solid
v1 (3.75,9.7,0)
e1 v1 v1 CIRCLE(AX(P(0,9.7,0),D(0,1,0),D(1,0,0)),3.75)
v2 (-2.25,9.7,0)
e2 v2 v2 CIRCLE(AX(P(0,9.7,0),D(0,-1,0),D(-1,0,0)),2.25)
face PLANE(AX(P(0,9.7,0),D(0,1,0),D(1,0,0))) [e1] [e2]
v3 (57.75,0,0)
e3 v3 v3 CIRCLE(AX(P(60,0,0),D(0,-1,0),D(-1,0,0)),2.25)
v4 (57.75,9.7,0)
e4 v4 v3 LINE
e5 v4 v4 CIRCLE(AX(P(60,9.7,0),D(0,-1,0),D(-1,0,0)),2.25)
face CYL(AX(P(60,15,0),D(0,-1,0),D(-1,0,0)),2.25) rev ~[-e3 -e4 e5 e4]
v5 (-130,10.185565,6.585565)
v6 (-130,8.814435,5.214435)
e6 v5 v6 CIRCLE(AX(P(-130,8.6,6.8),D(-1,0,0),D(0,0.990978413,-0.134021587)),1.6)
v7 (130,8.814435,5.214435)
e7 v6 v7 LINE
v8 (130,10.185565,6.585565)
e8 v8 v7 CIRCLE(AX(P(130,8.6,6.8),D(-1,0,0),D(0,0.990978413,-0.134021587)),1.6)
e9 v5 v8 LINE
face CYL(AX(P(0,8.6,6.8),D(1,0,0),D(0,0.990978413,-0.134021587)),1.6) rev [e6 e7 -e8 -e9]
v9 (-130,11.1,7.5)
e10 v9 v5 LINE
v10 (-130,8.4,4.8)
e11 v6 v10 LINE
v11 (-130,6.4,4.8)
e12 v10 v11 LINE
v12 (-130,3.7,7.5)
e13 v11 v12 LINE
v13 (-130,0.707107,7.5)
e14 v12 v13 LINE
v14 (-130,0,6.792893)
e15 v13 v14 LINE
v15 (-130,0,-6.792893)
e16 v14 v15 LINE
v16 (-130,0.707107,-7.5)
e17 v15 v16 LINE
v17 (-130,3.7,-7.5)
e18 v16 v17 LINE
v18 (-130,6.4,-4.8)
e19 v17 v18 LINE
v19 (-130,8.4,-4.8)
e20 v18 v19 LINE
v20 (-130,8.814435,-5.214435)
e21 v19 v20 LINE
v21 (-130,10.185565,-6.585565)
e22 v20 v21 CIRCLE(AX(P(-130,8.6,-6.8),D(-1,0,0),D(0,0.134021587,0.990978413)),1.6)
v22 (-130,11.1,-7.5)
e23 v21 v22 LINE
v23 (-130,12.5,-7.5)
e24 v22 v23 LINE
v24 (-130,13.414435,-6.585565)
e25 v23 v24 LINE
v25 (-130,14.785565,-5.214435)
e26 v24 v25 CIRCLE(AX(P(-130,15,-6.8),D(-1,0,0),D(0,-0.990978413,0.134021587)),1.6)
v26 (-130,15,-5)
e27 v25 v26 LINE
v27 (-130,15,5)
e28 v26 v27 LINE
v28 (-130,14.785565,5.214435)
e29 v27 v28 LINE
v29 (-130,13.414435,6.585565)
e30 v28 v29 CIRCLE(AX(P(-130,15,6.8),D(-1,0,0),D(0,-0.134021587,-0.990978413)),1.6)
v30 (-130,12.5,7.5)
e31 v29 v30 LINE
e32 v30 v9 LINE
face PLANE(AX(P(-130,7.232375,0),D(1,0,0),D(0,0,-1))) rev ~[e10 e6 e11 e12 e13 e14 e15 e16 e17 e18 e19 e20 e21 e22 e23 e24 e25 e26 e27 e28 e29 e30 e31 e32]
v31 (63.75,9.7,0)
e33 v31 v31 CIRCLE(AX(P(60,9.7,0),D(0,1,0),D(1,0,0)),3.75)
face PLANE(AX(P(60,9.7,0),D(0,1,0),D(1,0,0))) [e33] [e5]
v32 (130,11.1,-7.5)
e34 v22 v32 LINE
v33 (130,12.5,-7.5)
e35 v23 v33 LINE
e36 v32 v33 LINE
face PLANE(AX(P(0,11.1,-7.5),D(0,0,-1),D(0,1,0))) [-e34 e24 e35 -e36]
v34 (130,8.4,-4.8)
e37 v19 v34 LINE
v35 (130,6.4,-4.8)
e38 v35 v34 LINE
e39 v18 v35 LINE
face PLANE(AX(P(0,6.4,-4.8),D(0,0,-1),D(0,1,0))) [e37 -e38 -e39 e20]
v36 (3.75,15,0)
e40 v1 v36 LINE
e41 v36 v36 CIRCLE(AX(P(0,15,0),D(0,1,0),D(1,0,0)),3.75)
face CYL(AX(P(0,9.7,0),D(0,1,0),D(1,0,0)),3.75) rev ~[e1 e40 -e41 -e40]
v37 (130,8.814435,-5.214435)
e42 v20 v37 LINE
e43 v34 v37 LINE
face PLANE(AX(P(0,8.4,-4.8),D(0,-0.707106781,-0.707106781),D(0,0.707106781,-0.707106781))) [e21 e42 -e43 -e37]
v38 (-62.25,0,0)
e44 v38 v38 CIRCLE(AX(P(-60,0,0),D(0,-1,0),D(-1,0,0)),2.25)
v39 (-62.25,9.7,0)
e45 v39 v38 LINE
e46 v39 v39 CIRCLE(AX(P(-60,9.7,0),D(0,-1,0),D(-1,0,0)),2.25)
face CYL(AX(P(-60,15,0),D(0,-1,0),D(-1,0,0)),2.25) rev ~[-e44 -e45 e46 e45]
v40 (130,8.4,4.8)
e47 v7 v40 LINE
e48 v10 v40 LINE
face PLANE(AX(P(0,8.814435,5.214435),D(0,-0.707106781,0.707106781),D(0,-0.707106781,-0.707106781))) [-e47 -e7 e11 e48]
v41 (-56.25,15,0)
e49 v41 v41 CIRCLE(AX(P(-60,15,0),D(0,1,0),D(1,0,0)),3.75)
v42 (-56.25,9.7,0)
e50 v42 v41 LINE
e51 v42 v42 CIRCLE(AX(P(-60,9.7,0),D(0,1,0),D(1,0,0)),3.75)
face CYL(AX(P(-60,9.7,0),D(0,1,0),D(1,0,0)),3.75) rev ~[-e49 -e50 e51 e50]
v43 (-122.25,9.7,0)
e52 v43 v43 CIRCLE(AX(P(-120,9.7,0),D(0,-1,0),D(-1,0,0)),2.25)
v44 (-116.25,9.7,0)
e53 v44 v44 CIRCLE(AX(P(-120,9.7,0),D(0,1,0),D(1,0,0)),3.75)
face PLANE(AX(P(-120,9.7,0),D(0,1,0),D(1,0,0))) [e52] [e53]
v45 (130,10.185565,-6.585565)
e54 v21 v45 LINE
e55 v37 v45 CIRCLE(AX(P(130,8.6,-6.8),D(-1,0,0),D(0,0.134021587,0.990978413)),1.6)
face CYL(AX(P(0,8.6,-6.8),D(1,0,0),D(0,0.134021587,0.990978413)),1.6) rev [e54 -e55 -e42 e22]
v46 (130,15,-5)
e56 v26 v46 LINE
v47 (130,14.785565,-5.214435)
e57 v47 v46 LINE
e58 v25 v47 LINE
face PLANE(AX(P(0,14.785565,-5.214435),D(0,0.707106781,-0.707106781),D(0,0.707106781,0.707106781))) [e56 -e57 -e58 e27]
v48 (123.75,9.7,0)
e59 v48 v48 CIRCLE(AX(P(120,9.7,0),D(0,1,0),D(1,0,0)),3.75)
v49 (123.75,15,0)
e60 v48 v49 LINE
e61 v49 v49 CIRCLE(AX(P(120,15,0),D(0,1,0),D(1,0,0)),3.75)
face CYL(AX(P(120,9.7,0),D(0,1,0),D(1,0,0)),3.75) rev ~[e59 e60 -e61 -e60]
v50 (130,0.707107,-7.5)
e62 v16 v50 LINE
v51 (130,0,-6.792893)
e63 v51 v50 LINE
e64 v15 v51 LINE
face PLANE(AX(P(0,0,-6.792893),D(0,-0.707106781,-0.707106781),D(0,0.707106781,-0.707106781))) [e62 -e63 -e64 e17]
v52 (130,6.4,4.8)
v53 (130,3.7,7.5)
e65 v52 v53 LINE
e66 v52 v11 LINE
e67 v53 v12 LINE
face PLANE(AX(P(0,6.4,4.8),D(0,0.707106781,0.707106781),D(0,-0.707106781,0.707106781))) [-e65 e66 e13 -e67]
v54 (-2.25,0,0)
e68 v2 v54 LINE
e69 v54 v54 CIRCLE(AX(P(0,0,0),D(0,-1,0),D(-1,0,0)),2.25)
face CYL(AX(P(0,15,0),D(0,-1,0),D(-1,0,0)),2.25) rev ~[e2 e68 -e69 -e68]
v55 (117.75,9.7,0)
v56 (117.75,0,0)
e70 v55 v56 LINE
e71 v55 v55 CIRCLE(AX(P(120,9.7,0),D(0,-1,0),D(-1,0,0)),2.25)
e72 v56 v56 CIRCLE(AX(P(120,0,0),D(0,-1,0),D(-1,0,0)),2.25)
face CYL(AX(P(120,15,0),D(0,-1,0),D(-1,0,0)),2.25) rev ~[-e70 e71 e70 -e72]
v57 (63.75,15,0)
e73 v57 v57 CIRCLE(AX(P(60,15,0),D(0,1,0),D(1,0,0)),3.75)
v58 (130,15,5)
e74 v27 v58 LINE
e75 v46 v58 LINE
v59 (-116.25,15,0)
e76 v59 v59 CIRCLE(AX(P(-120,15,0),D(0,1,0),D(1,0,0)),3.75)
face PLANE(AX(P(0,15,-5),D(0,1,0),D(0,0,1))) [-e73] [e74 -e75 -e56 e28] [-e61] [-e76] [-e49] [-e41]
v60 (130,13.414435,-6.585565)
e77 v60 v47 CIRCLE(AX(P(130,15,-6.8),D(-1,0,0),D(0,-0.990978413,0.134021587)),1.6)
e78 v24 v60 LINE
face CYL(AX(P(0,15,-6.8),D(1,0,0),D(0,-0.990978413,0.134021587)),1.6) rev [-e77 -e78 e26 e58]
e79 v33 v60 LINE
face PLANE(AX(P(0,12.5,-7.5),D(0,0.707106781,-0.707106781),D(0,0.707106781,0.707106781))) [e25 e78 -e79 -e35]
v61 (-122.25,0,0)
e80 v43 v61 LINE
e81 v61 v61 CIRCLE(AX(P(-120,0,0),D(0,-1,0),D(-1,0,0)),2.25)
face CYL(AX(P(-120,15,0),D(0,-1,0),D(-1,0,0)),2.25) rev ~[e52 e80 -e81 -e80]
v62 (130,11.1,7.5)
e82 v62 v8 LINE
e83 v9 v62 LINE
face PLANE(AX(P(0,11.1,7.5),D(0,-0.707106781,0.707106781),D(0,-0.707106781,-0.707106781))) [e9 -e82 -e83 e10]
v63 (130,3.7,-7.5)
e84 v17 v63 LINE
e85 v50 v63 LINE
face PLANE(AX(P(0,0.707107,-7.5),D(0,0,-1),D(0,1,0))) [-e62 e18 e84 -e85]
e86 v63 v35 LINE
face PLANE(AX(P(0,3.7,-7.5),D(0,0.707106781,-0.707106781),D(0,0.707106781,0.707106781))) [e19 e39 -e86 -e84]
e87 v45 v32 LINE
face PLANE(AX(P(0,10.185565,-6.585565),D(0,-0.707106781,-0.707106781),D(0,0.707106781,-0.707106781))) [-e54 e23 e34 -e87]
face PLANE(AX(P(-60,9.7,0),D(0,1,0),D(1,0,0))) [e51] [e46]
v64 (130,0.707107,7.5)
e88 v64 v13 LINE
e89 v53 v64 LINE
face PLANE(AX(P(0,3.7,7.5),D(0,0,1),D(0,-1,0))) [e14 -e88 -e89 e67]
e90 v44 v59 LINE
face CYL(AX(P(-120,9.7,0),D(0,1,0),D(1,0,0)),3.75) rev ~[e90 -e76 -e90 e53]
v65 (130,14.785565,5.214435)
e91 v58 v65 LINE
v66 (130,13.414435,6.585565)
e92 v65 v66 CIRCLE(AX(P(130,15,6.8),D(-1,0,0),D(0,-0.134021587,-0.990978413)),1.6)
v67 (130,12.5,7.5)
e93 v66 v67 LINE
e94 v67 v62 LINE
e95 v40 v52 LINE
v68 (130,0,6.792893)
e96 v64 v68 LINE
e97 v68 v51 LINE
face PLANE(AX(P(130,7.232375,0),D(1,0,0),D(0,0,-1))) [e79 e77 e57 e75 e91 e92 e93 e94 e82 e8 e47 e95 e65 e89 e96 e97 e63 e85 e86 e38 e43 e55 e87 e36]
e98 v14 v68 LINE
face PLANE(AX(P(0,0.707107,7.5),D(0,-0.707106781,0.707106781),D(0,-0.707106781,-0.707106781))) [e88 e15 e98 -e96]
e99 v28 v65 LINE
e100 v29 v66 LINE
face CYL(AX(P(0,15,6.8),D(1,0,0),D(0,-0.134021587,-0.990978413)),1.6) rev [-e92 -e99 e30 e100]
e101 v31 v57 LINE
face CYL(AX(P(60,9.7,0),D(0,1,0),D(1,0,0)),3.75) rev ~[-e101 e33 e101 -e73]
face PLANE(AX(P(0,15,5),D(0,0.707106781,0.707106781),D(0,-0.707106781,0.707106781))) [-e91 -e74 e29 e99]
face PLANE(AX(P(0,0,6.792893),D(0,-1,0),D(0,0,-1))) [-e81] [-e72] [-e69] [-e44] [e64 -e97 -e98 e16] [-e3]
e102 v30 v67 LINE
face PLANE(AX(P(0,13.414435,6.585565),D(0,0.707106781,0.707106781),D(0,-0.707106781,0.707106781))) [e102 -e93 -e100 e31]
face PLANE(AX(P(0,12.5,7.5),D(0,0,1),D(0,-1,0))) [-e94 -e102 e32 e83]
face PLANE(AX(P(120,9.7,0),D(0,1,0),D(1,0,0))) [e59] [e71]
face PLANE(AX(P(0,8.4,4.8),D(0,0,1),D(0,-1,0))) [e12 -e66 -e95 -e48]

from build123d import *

# Parameters (mm, degrees)
EXTRUDE_1_DEPTH                  = 130
HOLE_WIZARD_M4_78051_D           = 4.5
HOLE_WIZARD_M4_78051_CBORE_D     = 7.5
HOLE_WIZARD_M4_78051_CBORE_DEPTH = 5.3
PATTERN_LINEAR_1_COUNT           = 3
PATTERN_LINEAR_1_PITCH           = 60
PATTERN_LINEAR_2_COUNT           = 3
PATTERN_LINEAR_2_PITCH           = 60


with BuildPart() as part:
    # Эскиз1 → Бобышка-Вытянуть1 (new, symmetric)
    with BuildSketch(Plane(origin=(0, 0, 0), x_dir=(0, 0, -1), z_dir=(1, 0, 0))):
        with BuildLine():
            Line((-7.5, 0.707106781), (-6.792893219, 0))
            Line((-6.792893219, 0), (6.792893219, 0))
            Line((6.792893219, 0), (7.5, 0.707106781))
            Line((7.5, 0.707106781), (7.5, 3.7))
            Line((7.5, 3.7), (4.8, 6.4))
            Line((4.8, 6.4), (4.8, 8.4))
            Line((4.8, 8.4), (5.21443454, 8.81443454))
            ThreePointArc((5.21443454, 8.81443454), (5.66862915, 9.73137085), (6.58556546, 10.18556546))
            Line((6.58556546, 10.18556546), (7.5, 11.1))
            Line((7.5, 11.1), (7.5, 12.5))
            Line((7.5, 12.5), (6.58556546, 13.41443454))
            ThreePointArc((6.58556546, 13.41443454), (5.66862915, 13.86862915), (5.21443454, 14.78556546))
            Line((5.21443454, 14.78556546), (5, 15))
            Line((5, 15), (-5, 15))
            Line((-5, 15), (-5.21443454, 14.78556546))
            ThreePointArc((-5.21443454, 14.78556546), (-5.66862915, 13.86862915), (-6.58556546, 13.41443454))
            Line((-6.58556546, 13.41443454), (-7.5, 12.5))
            Line((-7.5, 12.5), (-7.5, 11.1))
            Line((-7.5, 11.1), (-6.58556546, 10.18556546))
            ThreePointArc((-6.58556546, 10.18556546), (-5.66862915, 9.73137085), (-5.21443454, 8.81443454))
            Line((-5.21443454, 8.81443454), (-4.8, 8.4))
            Line((-4.8, 8.4), (-4.8, 6.4))
            Line((-4.8, 6.4), (-7.5, 3.7))
            Line((-7.5, 3.7), (-7.5, 0.707106781))
        make_face()
    extrude(amount=EXTRUDE_1_DEPTH, both=True)

    # Цековка M4 для болта с шестигранной головкой класса А ГОСТ 78051 (through all)
    with Locations(Plane(origin=(0, 15, 0), x_dir=(1, 0, 0), z_dir=(0, 1, 0))):
        with Locations((0, 0)):
            hole_wizard_m4_78051 = CounterBoreHole(HOLE_WIZARD_M4_78051_D / 2, HOLE_WIZARD_M4_78051_CBORE_D / 2, HOLE_WIZARD_M4_78051_CBORE_DEPTH)

    # Линейный массив1: Цековка M4 для болта с шестигранной головкой класса А ГОСТ 78051 ×3
    with Locations(*[(i * PATTERN_LINEAR_1_PITCH, 0, 0) for i in range(1, PATTERN_LINEAR_1_COUNT)]):
        add(hole_wizard_m4_78051, mode=Mode.SUBTRACT)

    # Линейный массив2: Цековка M4 для болта с шестигранной головкой класса А ГОСТ 78051 ×3
    with Locations(*[(-i * PATTERN_LINEAR_2_PITCH, 0, 0) for i in range(1, PATTERN_LINEAR_2_COUNT)]):
        add(hole_wizard_m4_78051, mode=Mode.SUBTRACT)


solid = part.part
